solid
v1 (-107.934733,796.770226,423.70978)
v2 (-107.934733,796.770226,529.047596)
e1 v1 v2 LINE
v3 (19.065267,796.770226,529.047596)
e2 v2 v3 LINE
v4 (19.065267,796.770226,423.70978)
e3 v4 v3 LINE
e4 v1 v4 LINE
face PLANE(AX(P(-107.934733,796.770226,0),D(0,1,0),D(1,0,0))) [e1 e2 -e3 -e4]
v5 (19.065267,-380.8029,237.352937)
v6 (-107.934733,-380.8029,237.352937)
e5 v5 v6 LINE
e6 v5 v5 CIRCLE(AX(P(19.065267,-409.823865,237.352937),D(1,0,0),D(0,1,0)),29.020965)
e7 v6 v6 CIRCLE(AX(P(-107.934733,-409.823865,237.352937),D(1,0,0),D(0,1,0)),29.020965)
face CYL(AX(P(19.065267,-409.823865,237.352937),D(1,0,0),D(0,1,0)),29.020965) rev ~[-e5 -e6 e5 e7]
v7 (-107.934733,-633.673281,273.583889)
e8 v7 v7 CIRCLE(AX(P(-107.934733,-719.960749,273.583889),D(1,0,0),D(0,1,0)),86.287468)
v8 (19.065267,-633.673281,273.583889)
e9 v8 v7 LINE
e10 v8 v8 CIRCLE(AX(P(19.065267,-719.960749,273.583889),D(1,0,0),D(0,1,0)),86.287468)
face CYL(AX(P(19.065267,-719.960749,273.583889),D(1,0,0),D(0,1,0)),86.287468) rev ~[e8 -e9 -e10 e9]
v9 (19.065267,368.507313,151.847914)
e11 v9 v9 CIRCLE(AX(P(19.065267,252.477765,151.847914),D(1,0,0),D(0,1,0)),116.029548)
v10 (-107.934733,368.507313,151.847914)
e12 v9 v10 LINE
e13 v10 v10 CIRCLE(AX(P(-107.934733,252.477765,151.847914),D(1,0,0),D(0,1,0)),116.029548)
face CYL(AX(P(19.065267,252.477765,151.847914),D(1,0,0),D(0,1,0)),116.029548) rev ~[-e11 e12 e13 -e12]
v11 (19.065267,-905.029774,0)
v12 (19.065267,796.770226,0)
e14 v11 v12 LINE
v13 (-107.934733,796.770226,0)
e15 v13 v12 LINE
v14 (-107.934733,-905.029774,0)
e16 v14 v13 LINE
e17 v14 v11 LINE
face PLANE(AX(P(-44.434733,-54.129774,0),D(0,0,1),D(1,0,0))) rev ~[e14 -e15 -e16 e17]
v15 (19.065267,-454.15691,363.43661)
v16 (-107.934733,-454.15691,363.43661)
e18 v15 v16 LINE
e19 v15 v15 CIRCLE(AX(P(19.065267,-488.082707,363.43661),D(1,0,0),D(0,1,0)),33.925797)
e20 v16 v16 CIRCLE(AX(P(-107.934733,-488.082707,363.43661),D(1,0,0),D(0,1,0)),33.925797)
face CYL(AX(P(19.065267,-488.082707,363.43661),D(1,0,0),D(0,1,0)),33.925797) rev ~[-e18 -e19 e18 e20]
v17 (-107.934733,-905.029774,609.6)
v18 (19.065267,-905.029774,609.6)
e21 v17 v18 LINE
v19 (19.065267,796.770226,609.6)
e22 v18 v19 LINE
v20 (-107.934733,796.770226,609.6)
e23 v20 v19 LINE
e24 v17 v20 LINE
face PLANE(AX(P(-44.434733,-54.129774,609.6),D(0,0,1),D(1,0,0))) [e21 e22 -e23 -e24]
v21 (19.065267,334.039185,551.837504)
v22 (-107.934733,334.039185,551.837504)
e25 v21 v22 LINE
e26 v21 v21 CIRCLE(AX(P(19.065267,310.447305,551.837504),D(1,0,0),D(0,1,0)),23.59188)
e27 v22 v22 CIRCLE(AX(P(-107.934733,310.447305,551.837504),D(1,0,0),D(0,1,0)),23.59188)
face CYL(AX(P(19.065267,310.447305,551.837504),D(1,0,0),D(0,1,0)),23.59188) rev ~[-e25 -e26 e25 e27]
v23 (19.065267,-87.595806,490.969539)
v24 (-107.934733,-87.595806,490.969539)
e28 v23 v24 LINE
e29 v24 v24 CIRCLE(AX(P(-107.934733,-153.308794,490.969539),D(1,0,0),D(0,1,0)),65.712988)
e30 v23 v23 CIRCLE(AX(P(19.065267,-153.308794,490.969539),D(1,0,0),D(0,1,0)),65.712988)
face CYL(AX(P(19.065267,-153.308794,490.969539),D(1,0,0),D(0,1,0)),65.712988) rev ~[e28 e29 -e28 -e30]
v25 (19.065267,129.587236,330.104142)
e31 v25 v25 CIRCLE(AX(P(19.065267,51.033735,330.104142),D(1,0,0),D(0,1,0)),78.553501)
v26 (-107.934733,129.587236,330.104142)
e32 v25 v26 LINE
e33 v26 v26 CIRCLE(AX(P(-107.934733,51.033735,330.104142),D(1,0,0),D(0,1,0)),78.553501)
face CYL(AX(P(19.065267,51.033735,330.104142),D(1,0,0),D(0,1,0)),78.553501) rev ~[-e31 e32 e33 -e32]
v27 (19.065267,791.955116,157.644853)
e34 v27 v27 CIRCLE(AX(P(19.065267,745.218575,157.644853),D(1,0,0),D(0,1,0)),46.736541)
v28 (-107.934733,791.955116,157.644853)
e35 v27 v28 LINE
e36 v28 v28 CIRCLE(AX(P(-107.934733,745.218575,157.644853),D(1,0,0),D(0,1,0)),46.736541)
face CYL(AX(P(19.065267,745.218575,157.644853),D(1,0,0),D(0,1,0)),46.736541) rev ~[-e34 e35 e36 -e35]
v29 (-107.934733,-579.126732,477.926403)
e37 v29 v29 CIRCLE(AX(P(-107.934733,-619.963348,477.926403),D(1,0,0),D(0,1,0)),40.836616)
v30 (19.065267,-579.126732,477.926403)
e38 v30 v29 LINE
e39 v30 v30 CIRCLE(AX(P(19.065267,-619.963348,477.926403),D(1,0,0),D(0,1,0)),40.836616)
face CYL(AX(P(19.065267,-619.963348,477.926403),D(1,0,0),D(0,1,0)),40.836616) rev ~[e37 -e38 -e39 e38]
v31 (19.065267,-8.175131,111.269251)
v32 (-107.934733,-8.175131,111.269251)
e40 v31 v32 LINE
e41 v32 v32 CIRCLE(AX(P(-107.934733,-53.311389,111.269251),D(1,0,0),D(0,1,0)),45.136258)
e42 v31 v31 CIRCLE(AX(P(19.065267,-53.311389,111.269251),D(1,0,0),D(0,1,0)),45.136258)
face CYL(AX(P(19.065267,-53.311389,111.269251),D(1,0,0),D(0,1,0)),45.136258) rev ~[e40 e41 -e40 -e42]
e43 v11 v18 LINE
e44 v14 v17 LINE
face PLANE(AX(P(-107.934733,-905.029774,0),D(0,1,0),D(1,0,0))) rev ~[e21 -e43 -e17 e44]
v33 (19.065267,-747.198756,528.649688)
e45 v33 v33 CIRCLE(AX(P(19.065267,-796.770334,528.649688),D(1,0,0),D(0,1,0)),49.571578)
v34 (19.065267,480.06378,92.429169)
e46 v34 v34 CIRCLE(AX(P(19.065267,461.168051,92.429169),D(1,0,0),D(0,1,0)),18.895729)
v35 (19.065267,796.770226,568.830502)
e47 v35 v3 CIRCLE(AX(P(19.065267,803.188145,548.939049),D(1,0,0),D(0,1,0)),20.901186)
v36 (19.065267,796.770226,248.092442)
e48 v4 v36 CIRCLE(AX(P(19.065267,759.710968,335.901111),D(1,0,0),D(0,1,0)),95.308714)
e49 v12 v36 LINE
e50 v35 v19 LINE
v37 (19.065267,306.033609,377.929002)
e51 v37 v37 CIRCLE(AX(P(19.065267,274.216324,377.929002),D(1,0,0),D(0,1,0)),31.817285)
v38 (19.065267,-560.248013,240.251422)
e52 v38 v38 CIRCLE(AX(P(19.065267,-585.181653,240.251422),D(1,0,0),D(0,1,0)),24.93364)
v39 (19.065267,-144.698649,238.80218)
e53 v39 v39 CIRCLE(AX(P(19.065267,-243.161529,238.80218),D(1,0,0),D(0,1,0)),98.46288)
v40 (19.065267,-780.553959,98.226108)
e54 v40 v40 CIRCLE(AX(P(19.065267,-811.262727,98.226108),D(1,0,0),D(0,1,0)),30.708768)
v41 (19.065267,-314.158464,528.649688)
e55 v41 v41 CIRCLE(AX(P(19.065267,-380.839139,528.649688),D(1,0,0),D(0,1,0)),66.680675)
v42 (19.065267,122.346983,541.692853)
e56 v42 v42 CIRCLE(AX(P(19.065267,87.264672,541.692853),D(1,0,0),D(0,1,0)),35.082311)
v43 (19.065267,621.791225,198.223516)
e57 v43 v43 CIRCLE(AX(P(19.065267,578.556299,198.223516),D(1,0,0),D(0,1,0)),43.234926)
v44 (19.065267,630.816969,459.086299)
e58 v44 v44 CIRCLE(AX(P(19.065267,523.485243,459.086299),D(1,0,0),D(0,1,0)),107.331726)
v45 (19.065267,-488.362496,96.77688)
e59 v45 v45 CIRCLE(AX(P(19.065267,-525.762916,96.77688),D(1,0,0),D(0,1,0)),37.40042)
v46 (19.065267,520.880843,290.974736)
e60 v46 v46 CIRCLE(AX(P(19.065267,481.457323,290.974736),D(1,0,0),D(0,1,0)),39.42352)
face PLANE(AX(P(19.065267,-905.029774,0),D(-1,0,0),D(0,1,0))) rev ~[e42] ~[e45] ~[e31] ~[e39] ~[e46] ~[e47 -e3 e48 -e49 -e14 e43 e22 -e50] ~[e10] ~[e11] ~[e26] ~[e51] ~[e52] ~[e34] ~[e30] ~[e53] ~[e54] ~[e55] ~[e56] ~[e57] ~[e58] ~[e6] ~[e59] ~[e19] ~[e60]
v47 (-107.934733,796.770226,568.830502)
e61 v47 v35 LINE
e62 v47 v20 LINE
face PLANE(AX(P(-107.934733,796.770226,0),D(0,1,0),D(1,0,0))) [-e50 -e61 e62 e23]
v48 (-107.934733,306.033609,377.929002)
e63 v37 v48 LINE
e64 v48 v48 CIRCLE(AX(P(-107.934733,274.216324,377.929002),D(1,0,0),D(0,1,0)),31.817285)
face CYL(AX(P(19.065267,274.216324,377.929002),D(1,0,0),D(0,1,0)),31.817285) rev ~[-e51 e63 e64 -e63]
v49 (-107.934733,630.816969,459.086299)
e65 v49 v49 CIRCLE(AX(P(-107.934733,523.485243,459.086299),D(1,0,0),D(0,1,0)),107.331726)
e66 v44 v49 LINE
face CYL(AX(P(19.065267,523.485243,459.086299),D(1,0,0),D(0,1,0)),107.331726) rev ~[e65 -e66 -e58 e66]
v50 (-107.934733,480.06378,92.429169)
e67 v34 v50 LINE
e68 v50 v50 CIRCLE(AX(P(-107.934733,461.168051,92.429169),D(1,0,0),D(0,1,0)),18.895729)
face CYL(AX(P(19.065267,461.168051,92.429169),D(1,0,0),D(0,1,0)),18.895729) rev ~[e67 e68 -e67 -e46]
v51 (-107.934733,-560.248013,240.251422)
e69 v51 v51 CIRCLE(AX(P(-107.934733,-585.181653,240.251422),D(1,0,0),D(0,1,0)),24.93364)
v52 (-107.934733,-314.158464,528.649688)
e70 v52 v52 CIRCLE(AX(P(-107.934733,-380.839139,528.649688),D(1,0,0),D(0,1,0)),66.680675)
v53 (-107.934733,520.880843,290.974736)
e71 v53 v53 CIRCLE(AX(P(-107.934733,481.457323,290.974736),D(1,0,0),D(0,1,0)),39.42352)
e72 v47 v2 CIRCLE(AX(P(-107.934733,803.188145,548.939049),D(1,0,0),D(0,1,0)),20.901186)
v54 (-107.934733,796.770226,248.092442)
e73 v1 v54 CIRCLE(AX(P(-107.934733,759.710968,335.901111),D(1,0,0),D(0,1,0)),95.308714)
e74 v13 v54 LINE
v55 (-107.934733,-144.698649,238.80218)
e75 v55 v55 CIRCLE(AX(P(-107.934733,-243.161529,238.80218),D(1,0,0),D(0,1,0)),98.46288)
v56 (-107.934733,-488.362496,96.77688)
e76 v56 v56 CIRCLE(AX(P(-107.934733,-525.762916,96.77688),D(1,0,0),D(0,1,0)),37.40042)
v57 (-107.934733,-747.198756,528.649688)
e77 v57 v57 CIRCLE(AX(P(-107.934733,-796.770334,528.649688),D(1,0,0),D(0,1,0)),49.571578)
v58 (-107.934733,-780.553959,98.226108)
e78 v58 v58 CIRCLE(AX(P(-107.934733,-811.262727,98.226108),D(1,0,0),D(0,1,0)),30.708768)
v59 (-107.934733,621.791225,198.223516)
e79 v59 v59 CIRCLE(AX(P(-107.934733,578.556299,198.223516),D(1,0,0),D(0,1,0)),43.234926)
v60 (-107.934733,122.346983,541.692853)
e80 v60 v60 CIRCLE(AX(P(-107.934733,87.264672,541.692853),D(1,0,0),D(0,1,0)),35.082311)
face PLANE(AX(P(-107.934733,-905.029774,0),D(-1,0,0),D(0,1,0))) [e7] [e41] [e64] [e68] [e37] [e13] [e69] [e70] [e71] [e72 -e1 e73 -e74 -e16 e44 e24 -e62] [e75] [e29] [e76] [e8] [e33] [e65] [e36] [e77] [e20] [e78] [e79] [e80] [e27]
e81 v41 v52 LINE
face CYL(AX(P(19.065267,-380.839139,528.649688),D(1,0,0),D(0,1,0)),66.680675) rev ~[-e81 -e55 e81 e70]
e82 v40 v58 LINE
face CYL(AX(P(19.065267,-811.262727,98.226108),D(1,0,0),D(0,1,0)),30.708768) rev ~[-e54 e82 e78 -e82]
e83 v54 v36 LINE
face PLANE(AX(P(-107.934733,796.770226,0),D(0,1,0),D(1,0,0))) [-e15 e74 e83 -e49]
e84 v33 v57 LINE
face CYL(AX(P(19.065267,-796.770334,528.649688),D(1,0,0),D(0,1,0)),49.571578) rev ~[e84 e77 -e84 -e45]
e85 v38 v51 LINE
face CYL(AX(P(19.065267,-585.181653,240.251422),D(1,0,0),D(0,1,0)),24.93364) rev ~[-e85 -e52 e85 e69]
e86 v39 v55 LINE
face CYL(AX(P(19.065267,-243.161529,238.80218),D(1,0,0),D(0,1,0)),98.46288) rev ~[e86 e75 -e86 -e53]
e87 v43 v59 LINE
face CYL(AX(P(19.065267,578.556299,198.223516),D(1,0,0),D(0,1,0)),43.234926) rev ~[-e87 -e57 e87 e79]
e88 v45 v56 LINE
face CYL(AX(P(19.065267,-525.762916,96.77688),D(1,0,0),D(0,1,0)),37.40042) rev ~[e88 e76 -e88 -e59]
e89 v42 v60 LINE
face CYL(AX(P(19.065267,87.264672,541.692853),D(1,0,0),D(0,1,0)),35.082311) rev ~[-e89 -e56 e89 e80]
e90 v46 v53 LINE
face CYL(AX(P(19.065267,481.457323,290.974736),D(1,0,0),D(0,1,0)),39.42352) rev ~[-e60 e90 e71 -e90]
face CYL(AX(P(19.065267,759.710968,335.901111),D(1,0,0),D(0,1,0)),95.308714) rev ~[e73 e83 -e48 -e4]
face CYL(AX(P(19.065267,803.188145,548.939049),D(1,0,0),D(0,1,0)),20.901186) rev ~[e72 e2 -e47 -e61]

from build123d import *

# Parameters (mm, degrees)
F0_W     = 127
F0_H     = 1701.8
F1_DEPTH = 609.6
F2_R     = 49.571578
F2_R_2   = 86.287468
F2_R_3   = 37.40042
F2_R_4   = 33.925797
F2_R_5   = 40.836616
F2_R_6   = 30.708768
F2_R_7   = 98.46288
F2_R_8   = 66.680675
F2_R_9   = 78.553501
F2_R_10  = 65.712988
F2_R_11  = 45.136258
F2_R_12  = 116.029548
F2_R_13  = 31.817285
F2_R_14  = 35.082311
F2_R_15  = 107.331726
F2_R_16  = 23.59188
F2_R_17  = 39.42352
F2_R_18  = 43.234926
F2_R_19  = 18.895729
F2_R_20  = 95.308714
F2_R_21  = 20.901186
F2_R_22  = 46.736541
F2_R_23  = 24.93364
F2_R_24  = 29.020965
F3_DEPTH = 127


with BuildPart() as f1:
    # F0 (on Top) → F1 (new body)
    with BuildSketch(Plane.XY):
        with Locations((-44.434733, -54.129774)):
            Rectangle(F0_W, F0_H)
    extrude(amount=F1_DEPTH)

    # F2 (on face) → F3 (cut)
    with BuildSketch(Plane.YZ.offset(19.065267)):
        with Locations((-796.770334, 528.649688)):
            Circle(F2_R)
        with Locations((-719.960749, 273.583889)):
            Circle(F2_R_2)
        with Locations((-525.762916, 96.77688)):
            Circle(F2_R_3)
        with Locations((-488.082707, 363.43661)):
            Circle(F2_R_4)
        with Locations((-619.963348, 477.926403)):
            Circle(F2_R_5)
        with Locations((-811.262727, 98.226108)):
            Circle(F2_R_6)
        with Locations((-243.161529, 238.80218)):
            Circle(F2_R_7)
        with Locations((-380.839139, 528.649688)):
            Circle(F2_R_8)
        with Locations((51.033735, 330.104142)):
            Circle(F2_R_9)
        with Locations((-153.308794, 490.969539)):
            Circle(F2_R_10)
        with Locations((-53.311389, 111.269251)):
            Circle(F2_R_11)
        with Locations((252.477765, 151.847914)):
            Circle(F2_R_12)
        with Locations((274.216324, 377.929002)):
            Circle(F2_R_13)
        with Locations((87.264672, 541.692853)):
            Circle(F2_R_14)
        with Locations((523.485243, 459.086299)):
            Circle(F2_R_15)
        with Locations((310.447305, 551.837504)):
            Circle(F2_R_16)
        with Locations((481.457323, 290.974736)):
            Circle(F2_R_17)
        with Locations((578.556299, 198.223516)):
            Circle(F2_R_18)
        with Locations((461.168051, 92.429169)):
            Circle(F2_R_19)
        with Locations((759.710968, 335.901111)):
            Circle(F2_R_20)
        with Locations((803.188145, 548.939049)):
            Circle(F2_R_21)
        with Locations((745.218575, 157.644853)):
            Circle(F2_R_22)
        with Locations((-585.181653, 240.251422)):
            Circle(F2_R_23)
        with Locations((-409.823865, 237.352937)):
            Circle(F2_R_24)
    extrude(amount=-F3_DEPTH, mode=Mode.SUBTRACT)


solid = f1.part
